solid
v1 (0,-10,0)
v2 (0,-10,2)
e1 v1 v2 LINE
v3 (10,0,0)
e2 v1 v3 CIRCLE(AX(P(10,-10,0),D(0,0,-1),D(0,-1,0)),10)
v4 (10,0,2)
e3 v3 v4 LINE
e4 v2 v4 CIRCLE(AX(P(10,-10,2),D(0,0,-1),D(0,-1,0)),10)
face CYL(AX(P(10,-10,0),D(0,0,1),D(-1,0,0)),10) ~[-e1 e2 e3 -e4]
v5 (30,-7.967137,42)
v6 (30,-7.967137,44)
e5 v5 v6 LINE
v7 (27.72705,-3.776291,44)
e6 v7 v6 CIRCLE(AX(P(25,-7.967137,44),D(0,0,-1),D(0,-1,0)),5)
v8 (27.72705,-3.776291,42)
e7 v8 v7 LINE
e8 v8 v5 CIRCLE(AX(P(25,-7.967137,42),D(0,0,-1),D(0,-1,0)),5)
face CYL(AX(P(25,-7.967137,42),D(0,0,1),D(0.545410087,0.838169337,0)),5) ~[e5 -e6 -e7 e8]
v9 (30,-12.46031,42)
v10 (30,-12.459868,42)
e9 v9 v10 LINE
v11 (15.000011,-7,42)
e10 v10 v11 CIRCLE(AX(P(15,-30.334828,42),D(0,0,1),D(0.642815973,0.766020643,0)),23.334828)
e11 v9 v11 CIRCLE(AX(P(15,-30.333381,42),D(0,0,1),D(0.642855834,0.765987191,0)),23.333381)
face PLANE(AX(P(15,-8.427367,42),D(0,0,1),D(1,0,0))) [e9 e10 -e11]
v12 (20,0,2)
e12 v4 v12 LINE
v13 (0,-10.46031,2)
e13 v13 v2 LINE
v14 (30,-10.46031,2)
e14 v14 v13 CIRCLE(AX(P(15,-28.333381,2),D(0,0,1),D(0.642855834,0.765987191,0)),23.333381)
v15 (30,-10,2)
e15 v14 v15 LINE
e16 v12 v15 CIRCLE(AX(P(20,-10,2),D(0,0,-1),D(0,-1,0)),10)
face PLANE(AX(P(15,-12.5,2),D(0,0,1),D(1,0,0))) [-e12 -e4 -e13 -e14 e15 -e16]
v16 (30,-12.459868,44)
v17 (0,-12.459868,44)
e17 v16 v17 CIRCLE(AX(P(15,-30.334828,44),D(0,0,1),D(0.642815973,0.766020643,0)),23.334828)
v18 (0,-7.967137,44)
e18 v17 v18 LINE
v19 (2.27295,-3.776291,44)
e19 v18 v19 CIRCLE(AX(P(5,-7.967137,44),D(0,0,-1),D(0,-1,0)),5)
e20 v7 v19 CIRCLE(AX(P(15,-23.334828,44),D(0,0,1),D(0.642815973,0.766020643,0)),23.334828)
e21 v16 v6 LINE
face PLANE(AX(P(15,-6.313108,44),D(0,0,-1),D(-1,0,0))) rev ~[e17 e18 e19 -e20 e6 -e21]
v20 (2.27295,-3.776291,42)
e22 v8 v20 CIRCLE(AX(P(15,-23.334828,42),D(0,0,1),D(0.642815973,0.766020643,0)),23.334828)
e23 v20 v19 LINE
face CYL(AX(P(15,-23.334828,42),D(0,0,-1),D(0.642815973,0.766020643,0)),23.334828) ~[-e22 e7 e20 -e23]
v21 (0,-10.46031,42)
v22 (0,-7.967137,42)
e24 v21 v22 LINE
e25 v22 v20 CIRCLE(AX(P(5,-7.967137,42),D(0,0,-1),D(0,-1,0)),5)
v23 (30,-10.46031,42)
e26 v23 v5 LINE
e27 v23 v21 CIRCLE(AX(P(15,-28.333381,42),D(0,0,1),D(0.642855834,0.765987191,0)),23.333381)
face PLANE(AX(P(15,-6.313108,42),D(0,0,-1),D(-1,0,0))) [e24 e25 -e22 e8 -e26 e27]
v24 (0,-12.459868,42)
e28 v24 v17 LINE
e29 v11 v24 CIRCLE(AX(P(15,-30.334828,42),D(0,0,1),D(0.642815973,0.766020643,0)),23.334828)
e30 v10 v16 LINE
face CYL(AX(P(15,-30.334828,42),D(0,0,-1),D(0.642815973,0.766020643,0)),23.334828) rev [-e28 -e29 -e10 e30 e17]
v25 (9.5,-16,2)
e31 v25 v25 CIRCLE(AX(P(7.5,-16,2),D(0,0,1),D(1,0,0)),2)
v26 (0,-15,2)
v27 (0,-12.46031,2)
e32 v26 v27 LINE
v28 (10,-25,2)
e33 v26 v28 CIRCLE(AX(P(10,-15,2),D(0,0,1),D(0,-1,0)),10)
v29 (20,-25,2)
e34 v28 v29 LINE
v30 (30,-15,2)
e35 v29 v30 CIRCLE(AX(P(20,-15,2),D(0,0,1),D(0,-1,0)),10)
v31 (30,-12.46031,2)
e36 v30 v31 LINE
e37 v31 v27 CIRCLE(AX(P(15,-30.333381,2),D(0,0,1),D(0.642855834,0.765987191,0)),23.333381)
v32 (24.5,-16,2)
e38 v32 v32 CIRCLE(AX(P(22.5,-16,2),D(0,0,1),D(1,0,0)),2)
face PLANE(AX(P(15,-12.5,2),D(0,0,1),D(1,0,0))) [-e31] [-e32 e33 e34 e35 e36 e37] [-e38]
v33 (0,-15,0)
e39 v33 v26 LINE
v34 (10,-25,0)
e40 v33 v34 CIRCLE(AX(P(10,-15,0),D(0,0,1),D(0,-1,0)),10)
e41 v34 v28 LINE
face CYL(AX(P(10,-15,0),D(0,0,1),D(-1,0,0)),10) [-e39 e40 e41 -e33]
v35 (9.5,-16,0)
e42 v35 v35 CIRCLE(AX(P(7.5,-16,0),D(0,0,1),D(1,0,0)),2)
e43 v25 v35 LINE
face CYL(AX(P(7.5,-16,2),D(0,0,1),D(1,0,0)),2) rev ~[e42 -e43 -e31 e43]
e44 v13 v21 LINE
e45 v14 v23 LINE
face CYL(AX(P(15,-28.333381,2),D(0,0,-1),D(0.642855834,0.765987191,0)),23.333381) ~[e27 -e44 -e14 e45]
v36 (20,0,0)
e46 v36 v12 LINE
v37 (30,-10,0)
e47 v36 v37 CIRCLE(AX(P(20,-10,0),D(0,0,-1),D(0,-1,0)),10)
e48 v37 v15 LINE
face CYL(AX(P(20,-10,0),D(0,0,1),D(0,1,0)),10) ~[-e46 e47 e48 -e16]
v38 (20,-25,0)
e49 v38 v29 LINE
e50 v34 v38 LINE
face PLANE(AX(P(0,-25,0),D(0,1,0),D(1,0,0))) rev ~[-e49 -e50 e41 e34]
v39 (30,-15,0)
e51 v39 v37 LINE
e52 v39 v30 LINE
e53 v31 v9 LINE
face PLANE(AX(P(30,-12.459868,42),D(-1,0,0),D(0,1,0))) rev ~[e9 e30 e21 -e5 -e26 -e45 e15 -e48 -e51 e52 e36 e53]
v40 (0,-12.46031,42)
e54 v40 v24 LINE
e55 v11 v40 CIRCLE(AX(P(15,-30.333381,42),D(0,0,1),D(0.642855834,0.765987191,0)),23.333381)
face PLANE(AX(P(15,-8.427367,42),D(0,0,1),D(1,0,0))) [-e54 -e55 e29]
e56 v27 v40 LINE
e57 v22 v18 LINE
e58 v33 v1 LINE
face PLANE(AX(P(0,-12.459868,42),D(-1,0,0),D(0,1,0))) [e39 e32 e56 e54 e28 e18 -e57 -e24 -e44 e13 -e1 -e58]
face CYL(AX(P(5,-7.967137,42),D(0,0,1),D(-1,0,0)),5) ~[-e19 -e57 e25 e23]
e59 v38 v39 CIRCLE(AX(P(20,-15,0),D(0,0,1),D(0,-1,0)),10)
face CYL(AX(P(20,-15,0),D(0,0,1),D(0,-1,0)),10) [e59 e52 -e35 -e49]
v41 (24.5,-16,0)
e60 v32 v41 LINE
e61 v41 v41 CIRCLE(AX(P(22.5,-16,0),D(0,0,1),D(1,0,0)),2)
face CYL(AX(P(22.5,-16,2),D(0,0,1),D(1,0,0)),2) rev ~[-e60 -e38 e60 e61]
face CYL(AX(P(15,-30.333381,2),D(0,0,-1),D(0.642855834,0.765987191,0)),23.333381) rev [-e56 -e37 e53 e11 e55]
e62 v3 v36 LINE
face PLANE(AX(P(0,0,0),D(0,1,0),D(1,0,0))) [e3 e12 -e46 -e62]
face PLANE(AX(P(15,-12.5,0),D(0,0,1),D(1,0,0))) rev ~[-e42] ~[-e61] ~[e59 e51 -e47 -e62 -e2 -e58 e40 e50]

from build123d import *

# Parameters (mm, degrees)
SKETCH_W     = 30
SKETCH_H     = 25
PAD_DEPTH    = 2
FILLET_R     = 10
FILLET001_R  = 10
PAD001_DEPTH = 40
FILLET002_R  = 10
FILLET003_R  = 10
PAD002_DEPTH = 2
FILLET004_R  = 5
FILLET005_R  = 5
SKETCH003_R  = 2
POCKET_DEPTH = 5


with BuildPart() as part:
    # Sketch → Pad (new body)
    with BuildSketch(Plane.XY):
        with Locations((15, -12.5)):
            Rectangle(SKETCH_W, SKETCH_H)
    extrude(amount=PAD_DEPTH)

    # Fillet
    fillet_edges = [part.edges().sort_by_distance(p)[0] for p in [
        (0, -25, 1),
    ]]
    fillet(fillet_edges, radius=FILLET_R)

    # Fillet001
    fillet001_edges = [part.edges().sort_by_distance(p)[0] for p in [
        (30, -25, 1),
    ]]
    fillet(fillet001_edges, radius=FILLET001_R)

    # Sketch001 (on Face5 of Fillet001) → Pad001 (join)
    with BuildSketch(Plane.XY.offset(2)):
        with BuildLine():
            ThreePointArc((30, -10.46031), (15, -5), (0, -10.46031))
            Line((0, -12.46031), (0, -10.46031))
            ThreePointArc((30, -12.46031), (15, -7), (0, -12.46031))
            Line((30, -12.46031), (30, -10.46031))
        make_face()
    extrude(amount=PAD001_DEPTH)

    # Fillet002
    fillet002_edges = [part.edges().sort_by_distance(p)[0] for p in [
        (0, 0, 1),
    ]]
    fillet(fillet002_edges, radius=FILLET002_R)

    # Fillet003
    fillet003_edges = [part.edges().sort_by_distance(p)[0] for p in [
        (30, 0, 1),
    ]]
    fillet(fillet003_edges, radius=FILLET003_R)

    # Sketch002 (on Face16 of Fillet003) → Pad002 (join)
    with BuildSketch(Plane.XY.offset(42)):
        with BuildLine():
            ThreePointArc((30, -12.459868), (15, -7), (0, -12.459868))
            Line((0, -12.459868), (0, -5.459868))
            ThreePointArc((30, -5.459868), (15, 0), (0, -5.459868))
            Line((30, -12.459868), (30, -5.459868))
        make_face()
    extrude(amount=PAD002_DEPTH)

    # Fillet004
    fillet004_edges = [part.edges().sort_by_distance(p)[0] for p in [
        (0, -5.459868, 43),
    ]]
    fillet(fillet004_edges, radius=FILLET004_R)

    # Fillet005
    fillet005_edges = [part.edges().sort_by_distance(p)[0] for p in [
        (30, -5.459868, 43),
    ]]
    fillet(fillet005_edges, radius=FILLET005_R)

    # Sketch003 (on Face21 of Fillet005) → Pocket (cut)
    with BuildSketch(Plane.XY.offset(2)):
        with Locations((7.5, -16)):
            Circle(SKETCH003_R)
        with Locations((22.5, -16)):
            Circle(SKETCH003_R)
    extrude(amount=-POCKET_DEPTH, mode=Mode.SUBTRACT)


solid = part.part
